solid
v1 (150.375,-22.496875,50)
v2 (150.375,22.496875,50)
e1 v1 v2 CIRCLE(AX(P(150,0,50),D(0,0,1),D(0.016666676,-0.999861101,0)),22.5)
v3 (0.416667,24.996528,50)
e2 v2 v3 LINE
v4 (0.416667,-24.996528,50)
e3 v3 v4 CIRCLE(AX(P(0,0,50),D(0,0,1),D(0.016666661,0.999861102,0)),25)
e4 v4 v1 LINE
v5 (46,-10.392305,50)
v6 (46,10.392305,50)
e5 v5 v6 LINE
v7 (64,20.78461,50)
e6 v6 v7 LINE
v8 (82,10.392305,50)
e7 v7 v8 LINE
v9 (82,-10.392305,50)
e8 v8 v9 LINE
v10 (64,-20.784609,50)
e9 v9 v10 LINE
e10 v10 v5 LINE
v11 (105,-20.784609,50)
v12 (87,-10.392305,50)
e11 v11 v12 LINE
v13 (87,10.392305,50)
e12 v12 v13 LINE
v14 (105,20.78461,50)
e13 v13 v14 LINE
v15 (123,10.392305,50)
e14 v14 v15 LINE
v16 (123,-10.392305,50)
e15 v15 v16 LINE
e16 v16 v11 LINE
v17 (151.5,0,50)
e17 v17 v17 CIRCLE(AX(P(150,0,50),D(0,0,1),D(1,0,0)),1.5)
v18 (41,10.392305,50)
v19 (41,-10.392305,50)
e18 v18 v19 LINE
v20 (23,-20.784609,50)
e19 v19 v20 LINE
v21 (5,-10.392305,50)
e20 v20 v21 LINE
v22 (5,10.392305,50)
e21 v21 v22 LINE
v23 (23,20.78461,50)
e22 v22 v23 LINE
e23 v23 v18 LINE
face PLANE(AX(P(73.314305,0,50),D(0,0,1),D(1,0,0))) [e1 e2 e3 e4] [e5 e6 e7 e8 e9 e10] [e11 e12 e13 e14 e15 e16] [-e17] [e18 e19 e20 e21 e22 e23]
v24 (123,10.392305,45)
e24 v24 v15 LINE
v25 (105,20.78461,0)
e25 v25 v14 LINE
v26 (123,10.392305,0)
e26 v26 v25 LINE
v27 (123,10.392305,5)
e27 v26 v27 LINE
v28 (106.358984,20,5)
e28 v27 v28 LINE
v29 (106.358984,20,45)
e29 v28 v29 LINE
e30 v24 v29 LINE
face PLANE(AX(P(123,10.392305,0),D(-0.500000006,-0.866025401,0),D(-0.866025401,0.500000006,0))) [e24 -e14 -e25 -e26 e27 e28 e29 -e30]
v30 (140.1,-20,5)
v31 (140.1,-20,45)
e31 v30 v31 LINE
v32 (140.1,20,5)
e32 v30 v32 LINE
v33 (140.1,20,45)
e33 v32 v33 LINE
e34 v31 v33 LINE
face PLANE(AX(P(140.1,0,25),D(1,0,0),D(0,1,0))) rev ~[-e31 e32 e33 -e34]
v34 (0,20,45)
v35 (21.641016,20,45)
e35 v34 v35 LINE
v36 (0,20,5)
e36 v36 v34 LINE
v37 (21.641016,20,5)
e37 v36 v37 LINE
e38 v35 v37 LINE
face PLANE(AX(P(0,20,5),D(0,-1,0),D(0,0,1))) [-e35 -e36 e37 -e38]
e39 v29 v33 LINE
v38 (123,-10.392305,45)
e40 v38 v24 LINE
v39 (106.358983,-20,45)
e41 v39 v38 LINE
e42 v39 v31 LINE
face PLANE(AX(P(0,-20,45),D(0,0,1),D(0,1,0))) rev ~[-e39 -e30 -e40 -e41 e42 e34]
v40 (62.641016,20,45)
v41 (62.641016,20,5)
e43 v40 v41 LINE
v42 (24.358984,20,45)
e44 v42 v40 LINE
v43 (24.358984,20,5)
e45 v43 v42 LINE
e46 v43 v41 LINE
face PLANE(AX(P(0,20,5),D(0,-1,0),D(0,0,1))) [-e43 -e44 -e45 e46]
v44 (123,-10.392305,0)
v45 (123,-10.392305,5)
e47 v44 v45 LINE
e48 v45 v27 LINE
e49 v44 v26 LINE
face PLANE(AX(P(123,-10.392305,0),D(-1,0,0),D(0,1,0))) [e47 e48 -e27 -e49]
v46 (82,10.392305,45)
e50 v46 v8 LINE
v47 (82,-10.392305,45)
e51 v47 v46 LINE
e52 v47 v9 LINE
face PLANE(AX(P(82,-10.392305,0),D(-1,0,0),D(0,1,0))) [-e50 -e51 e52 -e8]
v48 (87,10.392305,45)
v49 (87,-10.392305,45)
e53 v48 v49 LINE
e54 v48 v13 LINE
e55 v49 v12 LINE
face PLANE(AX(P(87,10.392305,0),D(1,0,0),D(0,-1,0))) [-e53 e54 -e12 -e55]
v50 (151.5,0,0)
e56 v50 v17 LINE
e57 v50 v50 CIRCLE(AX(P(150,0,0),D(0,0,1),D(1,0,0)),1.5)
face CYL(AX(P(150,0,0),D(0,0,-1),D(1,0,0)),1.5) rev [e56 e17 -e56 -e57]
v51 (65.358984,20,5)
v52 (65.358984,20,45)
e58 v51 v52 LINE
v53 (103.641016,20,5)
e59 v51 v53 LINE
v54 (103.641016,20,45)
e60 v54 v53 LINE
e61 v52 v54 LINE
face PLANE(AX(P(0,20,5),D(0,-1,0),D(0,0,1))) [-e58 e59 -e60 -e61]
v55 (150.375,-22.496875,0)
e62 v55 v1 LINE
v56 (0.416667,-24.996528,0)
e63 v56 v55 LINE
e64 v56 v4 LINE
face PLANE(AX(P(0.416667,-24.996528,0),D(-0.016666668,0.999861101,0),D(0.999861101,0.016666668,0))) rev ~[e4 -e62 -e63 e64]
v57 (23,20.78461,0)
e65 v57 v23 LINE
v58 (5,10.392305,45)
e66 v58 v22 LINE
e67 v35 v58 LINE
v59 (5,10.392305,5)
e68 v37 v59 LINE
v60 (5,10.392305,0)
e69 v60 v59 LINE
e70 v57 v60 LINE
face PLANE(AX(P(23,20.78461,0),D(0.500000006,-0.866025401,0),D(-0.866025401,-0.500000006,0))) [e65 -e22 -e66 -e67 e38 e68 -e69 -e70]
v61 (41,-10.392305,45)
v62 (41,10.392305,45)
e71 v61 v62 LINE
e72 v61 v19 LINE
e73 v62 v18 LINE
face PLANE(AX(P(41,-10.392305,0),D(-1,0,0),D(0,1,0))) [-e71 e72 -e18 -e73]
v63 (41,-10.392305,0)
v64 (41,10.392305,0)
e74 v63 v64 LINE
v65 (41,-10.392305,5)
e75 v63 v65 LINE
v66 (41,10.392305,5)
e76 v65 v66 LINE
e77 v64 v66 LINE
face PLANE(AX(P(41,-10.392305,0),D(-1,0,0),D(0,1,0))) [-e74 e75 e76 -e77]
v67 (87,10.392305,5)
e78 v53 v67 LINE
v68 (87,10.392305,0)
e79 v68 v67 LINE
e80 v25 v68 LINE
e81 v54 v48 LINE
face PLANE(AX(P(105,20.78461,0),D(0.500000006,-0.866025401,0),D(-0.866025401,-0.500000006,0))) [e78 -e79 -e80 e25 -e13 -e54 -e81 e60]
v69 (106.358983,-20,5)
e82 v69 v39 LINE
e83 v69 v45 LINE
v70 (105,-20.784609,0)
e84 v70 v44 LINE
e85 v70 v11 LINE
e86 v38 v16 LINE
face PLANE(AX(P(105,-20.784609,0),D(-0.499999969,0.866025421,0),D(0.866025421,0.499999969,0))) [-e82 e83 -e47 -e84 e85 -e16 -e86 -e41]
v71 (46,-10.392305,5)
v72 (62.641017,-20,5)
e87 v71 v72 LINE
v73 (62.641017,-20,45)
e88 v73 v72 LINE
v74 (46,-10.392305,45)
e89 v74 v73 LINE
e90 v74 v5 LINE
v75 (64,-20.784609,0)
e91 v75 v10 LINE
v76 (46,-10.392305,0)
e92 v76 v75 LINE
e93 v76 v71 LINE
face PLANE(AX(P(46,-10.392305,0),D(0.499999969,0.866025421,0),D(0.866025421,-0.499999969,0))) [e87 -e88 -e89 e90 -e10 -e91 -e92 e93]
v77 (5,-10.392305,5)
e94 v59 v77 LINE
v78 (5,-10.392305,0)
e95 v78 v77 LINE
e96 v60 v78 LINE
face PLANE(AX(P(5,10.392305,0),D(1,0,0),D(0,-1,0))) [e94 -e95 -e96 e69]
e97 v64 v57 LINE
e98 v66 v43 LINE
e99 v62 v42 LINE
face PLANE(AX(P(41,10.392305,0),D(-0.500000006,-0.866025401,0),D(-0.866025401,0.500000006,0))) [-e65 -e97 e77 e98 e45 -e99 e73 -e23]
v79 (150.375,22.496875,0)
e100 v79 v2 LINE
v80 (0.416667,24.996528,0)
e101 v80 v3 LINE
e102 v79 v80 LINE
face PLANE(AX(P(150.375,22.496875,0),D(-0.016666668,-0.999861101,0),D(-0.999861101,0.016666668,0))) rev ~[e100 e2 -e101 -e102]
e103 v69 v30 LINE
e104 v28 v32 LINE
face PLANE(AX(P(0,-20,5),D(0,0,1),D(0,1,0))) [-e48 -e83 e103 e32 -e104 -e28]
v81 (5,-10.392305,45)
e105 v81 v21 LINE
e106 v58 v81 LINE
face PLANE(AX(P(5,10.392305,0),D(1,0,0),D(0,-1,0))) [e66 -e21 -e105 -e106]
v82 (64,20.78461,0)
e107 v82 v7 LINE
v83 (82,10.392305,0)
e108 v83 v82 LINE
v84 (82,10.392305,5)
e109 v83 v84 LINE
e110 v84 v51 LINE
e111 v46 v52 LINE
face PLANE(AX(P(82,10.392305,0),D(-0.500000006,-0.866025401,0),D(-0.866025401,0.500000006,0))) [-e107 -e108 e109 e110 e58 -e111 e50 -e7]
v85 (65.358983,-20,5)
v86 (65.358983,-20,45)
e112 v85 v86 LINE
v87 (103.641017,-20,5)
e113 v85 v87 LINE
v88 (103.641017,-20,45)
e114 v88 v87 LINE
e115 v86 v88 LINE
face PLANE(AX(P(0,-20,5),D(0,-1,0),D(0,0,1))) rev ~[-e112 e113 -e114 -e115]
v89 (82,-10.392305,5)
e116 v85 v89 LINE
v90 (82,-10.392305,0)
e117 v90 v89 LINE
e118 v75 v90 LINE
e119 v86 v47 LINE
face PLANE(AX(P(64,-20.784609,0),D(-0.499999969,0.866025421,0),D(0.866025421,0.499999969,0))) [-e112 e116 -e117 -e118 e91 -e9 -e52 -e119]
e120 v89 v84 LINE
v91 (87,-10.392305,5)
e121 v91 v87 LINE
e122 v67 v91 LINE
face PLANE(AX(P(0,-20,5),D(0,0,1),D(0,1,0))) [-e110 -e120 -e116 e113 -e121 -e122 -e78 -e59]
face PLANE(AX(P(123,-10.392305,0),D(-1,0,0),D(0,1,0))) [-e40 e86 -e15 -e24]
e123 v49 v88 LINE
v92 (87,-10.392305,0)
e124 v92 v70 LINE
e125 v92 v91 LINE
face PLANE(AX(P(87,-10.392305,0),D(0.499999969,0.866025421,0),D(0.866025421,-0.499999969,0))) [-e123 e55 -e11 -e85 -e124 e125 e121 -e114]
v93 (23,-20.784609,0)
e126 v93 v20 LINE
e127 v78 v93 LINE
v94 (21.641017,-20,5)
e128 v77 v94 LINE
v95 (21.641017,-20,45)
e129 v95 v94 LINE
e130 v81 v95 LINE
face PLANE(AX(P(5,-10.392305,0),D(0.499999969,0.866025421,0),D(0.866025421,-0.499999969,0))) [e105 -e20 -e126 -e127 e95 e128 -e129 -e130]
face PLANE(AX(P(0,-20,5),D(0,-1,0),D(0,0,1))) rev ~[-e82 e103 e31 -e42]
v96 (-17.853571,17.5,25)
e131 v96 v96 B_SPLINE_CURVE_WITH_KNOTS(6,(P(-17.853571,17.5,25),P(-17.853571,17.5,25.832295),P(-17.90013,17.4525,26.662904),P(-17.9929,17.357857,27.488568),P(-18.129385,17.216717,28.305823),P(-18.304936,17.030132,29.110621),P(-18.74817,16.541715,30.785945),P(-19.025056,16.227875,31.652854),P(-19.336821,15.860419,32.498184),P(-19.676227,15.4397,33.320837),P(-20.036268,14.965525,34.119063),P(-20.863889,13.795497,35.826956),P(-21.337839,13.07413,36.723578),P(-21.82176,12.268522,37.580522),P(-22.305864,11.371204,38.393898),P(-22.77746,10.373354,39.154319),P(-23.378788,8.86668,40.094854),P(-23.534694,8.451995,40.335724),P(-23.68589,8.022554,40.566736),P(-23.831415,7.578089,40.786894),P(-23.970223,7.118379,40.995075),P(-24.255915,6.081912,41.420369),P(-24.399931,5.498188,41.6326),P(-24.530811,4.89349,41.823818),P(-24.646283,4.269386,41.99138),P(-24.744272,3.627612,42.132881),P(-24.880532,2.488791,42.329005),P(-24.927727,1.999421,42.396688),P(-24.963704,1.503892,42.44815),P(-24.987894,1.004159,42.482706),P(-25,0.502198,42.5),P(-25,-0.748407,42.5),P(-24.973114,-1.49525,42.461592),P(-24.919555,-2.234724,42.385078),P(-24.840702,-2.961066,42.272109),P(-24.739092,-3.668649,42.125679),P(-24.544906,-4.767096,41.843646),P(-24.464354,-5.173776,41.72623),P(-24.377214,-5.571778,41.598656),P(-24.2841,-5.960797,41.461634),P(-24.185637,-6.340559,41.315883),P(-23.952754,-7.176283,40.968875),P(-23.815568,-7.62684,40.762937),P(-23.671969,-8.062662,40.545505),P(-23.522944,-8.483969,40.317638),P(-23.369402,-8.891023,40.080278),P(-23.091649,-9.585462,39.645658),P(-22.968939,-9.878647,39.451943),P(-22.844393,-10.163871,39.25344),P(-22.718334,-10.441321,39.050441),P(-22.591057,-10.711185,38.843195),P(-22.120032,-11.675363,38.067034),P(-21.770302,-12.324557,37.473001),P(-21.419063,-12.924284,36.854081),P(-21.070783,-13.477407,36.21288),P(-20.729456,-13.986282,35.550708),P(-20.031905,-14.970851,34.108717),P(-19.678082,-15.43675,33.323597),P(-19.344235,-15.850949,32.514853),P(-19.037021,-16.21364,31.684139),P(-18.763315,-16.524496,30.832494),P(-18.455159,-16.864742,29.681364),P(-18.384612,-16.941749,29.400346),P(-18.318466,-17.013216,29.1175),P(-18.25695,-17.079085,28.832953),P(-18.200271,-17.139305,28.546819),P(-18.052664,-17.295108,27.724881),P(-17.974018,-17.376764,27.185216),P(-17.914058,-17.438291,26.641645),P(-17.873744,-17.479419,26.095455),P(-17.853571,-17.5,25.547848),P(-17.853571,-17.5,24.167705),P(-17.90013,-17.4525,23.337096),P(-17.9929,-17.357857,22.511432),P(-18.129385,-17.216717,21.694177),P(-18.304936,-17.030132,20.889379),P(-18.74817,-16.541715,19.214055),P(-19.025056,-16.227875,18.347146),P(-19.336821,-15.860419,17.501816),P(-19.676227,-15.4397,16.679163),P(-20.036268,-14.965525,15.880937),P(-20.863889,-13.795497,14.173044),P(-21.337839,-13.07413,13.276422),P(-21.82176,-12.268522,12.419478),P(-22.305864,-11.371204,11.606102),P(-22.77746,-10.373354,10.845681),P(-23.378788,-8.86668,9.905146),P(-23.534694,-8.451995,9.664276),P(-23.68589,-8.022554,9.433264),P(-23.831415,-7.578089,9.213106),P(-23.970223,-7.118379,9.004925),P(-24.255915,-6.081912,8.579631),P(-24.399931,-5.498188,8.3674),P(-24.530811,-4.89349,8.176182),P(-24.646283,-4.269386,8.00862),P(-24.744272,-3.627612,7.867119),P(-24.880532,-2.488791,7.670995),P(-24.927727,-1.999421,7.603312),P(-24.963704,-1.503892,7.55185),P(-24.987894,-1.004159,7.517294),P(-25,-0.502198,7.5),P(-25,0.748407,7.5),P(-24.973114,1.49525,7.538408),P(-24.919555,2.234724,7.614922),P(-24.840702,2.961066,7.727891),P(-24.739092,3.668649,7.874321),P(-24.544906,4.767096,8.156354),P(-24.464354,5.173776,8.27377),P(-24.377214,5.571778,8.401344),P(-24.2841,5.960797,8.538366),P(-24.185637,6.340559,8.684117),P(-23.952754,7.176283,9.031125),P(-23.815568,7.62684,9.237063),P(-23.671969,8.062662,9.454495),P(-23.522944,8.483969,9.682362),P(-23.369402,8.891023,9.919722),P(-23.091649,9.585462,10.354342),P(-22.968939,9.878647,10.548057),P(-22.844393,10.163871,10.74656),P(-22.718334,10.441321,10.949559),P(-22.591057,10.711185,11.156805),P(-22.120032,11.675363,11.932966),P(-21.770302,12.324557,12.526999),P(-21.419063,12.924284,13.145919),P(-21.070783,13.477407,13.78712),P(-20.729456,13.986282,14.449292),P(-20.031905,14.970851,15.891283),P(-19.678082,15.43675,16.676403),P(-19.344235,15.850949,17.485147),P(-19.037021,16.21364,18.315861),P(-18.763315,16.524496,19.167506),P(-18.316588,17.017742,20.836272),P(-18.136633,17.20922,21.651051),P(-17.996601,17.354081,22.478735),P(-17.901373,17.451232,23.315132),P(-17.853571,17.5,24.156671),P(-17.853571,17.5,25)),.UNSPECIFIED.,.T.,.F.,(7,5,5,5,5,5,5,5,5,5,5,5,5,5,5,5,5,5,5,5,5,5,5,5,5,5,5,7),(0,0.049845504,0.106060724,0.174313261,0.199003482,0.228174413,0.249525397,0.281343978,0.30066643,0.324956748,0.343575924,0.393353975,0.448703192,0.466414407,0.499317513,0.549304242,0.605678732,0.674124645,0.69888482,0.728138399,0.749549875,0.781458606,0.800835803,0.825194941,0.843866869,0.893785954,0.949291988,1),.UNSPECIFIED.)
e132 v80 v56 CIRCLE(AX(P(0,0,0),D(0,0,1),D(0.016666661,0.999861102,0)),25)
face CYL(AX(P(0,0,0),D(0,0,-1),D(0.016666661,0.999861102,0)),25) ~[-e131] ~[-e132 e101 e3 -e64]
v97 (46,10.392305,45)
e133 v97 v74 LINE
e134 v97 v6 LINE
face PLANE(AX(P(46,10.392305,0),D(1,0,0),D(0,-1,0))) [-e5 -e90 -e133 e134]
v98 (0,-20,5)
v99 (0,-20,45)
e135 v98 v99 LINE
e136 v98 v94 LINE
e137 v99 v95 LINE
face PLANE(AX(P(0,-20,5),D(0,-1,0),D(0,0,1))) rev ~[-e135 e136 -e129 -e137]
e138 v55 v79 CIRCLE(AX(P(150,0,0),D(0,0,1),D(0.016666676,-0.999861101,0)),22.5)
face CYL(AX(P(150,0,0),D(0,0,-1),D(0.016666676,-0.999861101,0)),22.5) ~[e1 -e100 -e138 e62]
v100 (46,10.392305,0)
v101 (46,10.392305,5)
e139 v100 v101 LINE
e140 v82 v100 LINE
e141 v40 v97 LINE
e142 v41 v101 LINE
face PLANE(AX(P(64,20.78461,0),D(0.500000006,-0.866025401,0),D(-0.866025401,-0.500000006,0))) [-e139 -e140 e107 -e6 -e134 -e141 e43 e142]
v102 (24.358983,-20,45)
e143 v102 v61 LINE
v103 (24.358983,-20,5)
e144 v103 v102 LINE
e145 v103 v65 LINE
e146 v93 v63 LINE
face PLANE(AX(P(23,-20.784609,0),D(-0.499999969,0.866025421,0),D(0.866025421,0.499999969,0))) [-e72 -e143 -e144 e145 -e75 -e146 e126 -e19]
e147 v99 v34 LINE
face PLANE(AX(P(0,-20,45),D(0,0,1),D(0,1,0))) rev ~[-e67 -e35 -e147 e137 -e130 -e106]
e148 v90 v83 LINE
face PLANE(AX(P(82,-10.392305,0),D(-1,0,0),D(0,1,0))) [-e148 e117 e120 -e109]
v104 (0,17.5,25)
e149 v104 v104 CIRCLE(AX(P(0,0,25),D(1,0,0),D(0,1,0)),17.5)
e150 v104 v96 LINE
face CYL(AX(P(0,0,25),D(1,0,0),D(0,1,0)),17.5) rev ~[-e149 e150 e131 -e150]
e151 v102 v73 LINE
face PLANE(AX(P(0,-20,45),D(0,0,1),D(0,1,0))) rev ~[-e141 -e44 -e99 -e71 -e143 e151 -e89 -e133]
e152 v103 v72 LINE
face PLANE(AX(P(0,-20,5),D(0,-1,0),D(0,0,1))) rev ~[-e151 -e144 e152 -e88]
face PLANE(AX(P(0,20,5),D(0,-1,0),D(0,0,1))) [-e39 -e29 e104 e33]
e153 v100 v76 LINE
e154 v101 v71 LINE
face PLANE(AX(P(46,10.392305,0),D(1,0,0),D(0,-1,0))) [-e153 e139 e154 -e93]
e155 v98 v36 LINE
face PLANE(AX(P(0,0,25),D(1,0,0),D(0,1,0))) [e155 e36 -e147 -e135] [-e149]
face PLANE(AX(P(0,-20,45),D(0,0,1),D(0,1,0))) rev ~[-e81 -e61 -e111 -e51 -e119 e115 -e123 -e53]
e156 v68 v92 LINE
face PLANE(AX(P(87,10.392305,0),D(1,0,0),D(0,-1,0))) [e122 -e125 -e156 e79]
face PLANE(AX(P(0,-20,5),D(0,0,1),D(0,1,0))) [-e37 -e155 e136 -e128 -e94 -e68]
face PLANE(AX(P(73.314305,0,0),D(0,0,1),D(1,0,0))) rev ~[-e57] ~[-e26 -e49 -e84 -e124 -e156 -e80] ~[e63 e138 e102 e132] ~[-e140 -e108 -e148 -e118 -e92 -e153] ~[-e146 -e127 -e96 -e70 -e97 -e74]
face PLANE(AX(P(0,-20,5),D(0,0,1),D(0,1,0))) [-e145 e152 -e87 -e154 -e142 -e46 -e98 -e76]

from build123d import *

# Parameters (mm, degrees)
F0_R     = 1.5
F2_DEPTH = 50
F3_DEPTH = 60
F4_W     = 40
F4_H     = 40
F5_DEPTH = 140.1
F6_R     = 17.5
F7_DEPTH = 25.001


with BuildPart() as f2:
    # F0 (on Top) → F2 (new body)
    with BuildSketch(Plane.XY):
        with BuildLine():
            Line((150.375, 22.496875), (0.416667, 24.996528))
            ThreePointArc((0.416667, 24.996528), (-25, 0), (0.416667, -24.996528))
            Line((0.416667, -24.996528), (150.375, -22.496875))
            ThreePointArc((150.375, -22.496875), (172.5, 0), (150.375, 22.496875))
        make_face()
        with Locations((150, 0)):
            Circle(F0_R, mode=Mode.SUBTRACT)
    extrude(amount=F2_DEPTH)

    # F1 (on face) → F3 (cut)
    with BuildSketch(Plane.XY):
        Polygon((5, 10.392305), (5, -10.392305), (23, -20.784609), (41, -10.392305), (41, 10.392305), (23, 20.78461), align=None)
        Polygon((82, -10.392305), (82, 10.392305), (64, 20.78461), (46, 10.392305), (46, -10.392305), (64, -20.784609), align=None)
        Polygon((87, 10.392305), (87, -10.392305), (105, -20.784609), (123, -10.392305), (123, 10.392305), (105, 20.78461), align=None)
    extrude(amount=F3_DEPTH, mode=Mode.SUBTRACT)

    # F4 (on Right) → F5 (cut)
    with BuildSketch(Plane.YZ):
        with Locations((0, 25)):
            Rectangle(F4_W, F4_H)
    extrude(amount=F5_DEPTH, mode=Mode.SUBTRACT)

    # F6 (on Right) → F7 (cut, through all)
    with BuildSketch(Plane.YZ):
        with Locations((0, 25)):
            Circle(F6_R)
    extrude(amount=-F7_DEPTH, mode=Mode.SUBTRACT)


solid = f2.part
